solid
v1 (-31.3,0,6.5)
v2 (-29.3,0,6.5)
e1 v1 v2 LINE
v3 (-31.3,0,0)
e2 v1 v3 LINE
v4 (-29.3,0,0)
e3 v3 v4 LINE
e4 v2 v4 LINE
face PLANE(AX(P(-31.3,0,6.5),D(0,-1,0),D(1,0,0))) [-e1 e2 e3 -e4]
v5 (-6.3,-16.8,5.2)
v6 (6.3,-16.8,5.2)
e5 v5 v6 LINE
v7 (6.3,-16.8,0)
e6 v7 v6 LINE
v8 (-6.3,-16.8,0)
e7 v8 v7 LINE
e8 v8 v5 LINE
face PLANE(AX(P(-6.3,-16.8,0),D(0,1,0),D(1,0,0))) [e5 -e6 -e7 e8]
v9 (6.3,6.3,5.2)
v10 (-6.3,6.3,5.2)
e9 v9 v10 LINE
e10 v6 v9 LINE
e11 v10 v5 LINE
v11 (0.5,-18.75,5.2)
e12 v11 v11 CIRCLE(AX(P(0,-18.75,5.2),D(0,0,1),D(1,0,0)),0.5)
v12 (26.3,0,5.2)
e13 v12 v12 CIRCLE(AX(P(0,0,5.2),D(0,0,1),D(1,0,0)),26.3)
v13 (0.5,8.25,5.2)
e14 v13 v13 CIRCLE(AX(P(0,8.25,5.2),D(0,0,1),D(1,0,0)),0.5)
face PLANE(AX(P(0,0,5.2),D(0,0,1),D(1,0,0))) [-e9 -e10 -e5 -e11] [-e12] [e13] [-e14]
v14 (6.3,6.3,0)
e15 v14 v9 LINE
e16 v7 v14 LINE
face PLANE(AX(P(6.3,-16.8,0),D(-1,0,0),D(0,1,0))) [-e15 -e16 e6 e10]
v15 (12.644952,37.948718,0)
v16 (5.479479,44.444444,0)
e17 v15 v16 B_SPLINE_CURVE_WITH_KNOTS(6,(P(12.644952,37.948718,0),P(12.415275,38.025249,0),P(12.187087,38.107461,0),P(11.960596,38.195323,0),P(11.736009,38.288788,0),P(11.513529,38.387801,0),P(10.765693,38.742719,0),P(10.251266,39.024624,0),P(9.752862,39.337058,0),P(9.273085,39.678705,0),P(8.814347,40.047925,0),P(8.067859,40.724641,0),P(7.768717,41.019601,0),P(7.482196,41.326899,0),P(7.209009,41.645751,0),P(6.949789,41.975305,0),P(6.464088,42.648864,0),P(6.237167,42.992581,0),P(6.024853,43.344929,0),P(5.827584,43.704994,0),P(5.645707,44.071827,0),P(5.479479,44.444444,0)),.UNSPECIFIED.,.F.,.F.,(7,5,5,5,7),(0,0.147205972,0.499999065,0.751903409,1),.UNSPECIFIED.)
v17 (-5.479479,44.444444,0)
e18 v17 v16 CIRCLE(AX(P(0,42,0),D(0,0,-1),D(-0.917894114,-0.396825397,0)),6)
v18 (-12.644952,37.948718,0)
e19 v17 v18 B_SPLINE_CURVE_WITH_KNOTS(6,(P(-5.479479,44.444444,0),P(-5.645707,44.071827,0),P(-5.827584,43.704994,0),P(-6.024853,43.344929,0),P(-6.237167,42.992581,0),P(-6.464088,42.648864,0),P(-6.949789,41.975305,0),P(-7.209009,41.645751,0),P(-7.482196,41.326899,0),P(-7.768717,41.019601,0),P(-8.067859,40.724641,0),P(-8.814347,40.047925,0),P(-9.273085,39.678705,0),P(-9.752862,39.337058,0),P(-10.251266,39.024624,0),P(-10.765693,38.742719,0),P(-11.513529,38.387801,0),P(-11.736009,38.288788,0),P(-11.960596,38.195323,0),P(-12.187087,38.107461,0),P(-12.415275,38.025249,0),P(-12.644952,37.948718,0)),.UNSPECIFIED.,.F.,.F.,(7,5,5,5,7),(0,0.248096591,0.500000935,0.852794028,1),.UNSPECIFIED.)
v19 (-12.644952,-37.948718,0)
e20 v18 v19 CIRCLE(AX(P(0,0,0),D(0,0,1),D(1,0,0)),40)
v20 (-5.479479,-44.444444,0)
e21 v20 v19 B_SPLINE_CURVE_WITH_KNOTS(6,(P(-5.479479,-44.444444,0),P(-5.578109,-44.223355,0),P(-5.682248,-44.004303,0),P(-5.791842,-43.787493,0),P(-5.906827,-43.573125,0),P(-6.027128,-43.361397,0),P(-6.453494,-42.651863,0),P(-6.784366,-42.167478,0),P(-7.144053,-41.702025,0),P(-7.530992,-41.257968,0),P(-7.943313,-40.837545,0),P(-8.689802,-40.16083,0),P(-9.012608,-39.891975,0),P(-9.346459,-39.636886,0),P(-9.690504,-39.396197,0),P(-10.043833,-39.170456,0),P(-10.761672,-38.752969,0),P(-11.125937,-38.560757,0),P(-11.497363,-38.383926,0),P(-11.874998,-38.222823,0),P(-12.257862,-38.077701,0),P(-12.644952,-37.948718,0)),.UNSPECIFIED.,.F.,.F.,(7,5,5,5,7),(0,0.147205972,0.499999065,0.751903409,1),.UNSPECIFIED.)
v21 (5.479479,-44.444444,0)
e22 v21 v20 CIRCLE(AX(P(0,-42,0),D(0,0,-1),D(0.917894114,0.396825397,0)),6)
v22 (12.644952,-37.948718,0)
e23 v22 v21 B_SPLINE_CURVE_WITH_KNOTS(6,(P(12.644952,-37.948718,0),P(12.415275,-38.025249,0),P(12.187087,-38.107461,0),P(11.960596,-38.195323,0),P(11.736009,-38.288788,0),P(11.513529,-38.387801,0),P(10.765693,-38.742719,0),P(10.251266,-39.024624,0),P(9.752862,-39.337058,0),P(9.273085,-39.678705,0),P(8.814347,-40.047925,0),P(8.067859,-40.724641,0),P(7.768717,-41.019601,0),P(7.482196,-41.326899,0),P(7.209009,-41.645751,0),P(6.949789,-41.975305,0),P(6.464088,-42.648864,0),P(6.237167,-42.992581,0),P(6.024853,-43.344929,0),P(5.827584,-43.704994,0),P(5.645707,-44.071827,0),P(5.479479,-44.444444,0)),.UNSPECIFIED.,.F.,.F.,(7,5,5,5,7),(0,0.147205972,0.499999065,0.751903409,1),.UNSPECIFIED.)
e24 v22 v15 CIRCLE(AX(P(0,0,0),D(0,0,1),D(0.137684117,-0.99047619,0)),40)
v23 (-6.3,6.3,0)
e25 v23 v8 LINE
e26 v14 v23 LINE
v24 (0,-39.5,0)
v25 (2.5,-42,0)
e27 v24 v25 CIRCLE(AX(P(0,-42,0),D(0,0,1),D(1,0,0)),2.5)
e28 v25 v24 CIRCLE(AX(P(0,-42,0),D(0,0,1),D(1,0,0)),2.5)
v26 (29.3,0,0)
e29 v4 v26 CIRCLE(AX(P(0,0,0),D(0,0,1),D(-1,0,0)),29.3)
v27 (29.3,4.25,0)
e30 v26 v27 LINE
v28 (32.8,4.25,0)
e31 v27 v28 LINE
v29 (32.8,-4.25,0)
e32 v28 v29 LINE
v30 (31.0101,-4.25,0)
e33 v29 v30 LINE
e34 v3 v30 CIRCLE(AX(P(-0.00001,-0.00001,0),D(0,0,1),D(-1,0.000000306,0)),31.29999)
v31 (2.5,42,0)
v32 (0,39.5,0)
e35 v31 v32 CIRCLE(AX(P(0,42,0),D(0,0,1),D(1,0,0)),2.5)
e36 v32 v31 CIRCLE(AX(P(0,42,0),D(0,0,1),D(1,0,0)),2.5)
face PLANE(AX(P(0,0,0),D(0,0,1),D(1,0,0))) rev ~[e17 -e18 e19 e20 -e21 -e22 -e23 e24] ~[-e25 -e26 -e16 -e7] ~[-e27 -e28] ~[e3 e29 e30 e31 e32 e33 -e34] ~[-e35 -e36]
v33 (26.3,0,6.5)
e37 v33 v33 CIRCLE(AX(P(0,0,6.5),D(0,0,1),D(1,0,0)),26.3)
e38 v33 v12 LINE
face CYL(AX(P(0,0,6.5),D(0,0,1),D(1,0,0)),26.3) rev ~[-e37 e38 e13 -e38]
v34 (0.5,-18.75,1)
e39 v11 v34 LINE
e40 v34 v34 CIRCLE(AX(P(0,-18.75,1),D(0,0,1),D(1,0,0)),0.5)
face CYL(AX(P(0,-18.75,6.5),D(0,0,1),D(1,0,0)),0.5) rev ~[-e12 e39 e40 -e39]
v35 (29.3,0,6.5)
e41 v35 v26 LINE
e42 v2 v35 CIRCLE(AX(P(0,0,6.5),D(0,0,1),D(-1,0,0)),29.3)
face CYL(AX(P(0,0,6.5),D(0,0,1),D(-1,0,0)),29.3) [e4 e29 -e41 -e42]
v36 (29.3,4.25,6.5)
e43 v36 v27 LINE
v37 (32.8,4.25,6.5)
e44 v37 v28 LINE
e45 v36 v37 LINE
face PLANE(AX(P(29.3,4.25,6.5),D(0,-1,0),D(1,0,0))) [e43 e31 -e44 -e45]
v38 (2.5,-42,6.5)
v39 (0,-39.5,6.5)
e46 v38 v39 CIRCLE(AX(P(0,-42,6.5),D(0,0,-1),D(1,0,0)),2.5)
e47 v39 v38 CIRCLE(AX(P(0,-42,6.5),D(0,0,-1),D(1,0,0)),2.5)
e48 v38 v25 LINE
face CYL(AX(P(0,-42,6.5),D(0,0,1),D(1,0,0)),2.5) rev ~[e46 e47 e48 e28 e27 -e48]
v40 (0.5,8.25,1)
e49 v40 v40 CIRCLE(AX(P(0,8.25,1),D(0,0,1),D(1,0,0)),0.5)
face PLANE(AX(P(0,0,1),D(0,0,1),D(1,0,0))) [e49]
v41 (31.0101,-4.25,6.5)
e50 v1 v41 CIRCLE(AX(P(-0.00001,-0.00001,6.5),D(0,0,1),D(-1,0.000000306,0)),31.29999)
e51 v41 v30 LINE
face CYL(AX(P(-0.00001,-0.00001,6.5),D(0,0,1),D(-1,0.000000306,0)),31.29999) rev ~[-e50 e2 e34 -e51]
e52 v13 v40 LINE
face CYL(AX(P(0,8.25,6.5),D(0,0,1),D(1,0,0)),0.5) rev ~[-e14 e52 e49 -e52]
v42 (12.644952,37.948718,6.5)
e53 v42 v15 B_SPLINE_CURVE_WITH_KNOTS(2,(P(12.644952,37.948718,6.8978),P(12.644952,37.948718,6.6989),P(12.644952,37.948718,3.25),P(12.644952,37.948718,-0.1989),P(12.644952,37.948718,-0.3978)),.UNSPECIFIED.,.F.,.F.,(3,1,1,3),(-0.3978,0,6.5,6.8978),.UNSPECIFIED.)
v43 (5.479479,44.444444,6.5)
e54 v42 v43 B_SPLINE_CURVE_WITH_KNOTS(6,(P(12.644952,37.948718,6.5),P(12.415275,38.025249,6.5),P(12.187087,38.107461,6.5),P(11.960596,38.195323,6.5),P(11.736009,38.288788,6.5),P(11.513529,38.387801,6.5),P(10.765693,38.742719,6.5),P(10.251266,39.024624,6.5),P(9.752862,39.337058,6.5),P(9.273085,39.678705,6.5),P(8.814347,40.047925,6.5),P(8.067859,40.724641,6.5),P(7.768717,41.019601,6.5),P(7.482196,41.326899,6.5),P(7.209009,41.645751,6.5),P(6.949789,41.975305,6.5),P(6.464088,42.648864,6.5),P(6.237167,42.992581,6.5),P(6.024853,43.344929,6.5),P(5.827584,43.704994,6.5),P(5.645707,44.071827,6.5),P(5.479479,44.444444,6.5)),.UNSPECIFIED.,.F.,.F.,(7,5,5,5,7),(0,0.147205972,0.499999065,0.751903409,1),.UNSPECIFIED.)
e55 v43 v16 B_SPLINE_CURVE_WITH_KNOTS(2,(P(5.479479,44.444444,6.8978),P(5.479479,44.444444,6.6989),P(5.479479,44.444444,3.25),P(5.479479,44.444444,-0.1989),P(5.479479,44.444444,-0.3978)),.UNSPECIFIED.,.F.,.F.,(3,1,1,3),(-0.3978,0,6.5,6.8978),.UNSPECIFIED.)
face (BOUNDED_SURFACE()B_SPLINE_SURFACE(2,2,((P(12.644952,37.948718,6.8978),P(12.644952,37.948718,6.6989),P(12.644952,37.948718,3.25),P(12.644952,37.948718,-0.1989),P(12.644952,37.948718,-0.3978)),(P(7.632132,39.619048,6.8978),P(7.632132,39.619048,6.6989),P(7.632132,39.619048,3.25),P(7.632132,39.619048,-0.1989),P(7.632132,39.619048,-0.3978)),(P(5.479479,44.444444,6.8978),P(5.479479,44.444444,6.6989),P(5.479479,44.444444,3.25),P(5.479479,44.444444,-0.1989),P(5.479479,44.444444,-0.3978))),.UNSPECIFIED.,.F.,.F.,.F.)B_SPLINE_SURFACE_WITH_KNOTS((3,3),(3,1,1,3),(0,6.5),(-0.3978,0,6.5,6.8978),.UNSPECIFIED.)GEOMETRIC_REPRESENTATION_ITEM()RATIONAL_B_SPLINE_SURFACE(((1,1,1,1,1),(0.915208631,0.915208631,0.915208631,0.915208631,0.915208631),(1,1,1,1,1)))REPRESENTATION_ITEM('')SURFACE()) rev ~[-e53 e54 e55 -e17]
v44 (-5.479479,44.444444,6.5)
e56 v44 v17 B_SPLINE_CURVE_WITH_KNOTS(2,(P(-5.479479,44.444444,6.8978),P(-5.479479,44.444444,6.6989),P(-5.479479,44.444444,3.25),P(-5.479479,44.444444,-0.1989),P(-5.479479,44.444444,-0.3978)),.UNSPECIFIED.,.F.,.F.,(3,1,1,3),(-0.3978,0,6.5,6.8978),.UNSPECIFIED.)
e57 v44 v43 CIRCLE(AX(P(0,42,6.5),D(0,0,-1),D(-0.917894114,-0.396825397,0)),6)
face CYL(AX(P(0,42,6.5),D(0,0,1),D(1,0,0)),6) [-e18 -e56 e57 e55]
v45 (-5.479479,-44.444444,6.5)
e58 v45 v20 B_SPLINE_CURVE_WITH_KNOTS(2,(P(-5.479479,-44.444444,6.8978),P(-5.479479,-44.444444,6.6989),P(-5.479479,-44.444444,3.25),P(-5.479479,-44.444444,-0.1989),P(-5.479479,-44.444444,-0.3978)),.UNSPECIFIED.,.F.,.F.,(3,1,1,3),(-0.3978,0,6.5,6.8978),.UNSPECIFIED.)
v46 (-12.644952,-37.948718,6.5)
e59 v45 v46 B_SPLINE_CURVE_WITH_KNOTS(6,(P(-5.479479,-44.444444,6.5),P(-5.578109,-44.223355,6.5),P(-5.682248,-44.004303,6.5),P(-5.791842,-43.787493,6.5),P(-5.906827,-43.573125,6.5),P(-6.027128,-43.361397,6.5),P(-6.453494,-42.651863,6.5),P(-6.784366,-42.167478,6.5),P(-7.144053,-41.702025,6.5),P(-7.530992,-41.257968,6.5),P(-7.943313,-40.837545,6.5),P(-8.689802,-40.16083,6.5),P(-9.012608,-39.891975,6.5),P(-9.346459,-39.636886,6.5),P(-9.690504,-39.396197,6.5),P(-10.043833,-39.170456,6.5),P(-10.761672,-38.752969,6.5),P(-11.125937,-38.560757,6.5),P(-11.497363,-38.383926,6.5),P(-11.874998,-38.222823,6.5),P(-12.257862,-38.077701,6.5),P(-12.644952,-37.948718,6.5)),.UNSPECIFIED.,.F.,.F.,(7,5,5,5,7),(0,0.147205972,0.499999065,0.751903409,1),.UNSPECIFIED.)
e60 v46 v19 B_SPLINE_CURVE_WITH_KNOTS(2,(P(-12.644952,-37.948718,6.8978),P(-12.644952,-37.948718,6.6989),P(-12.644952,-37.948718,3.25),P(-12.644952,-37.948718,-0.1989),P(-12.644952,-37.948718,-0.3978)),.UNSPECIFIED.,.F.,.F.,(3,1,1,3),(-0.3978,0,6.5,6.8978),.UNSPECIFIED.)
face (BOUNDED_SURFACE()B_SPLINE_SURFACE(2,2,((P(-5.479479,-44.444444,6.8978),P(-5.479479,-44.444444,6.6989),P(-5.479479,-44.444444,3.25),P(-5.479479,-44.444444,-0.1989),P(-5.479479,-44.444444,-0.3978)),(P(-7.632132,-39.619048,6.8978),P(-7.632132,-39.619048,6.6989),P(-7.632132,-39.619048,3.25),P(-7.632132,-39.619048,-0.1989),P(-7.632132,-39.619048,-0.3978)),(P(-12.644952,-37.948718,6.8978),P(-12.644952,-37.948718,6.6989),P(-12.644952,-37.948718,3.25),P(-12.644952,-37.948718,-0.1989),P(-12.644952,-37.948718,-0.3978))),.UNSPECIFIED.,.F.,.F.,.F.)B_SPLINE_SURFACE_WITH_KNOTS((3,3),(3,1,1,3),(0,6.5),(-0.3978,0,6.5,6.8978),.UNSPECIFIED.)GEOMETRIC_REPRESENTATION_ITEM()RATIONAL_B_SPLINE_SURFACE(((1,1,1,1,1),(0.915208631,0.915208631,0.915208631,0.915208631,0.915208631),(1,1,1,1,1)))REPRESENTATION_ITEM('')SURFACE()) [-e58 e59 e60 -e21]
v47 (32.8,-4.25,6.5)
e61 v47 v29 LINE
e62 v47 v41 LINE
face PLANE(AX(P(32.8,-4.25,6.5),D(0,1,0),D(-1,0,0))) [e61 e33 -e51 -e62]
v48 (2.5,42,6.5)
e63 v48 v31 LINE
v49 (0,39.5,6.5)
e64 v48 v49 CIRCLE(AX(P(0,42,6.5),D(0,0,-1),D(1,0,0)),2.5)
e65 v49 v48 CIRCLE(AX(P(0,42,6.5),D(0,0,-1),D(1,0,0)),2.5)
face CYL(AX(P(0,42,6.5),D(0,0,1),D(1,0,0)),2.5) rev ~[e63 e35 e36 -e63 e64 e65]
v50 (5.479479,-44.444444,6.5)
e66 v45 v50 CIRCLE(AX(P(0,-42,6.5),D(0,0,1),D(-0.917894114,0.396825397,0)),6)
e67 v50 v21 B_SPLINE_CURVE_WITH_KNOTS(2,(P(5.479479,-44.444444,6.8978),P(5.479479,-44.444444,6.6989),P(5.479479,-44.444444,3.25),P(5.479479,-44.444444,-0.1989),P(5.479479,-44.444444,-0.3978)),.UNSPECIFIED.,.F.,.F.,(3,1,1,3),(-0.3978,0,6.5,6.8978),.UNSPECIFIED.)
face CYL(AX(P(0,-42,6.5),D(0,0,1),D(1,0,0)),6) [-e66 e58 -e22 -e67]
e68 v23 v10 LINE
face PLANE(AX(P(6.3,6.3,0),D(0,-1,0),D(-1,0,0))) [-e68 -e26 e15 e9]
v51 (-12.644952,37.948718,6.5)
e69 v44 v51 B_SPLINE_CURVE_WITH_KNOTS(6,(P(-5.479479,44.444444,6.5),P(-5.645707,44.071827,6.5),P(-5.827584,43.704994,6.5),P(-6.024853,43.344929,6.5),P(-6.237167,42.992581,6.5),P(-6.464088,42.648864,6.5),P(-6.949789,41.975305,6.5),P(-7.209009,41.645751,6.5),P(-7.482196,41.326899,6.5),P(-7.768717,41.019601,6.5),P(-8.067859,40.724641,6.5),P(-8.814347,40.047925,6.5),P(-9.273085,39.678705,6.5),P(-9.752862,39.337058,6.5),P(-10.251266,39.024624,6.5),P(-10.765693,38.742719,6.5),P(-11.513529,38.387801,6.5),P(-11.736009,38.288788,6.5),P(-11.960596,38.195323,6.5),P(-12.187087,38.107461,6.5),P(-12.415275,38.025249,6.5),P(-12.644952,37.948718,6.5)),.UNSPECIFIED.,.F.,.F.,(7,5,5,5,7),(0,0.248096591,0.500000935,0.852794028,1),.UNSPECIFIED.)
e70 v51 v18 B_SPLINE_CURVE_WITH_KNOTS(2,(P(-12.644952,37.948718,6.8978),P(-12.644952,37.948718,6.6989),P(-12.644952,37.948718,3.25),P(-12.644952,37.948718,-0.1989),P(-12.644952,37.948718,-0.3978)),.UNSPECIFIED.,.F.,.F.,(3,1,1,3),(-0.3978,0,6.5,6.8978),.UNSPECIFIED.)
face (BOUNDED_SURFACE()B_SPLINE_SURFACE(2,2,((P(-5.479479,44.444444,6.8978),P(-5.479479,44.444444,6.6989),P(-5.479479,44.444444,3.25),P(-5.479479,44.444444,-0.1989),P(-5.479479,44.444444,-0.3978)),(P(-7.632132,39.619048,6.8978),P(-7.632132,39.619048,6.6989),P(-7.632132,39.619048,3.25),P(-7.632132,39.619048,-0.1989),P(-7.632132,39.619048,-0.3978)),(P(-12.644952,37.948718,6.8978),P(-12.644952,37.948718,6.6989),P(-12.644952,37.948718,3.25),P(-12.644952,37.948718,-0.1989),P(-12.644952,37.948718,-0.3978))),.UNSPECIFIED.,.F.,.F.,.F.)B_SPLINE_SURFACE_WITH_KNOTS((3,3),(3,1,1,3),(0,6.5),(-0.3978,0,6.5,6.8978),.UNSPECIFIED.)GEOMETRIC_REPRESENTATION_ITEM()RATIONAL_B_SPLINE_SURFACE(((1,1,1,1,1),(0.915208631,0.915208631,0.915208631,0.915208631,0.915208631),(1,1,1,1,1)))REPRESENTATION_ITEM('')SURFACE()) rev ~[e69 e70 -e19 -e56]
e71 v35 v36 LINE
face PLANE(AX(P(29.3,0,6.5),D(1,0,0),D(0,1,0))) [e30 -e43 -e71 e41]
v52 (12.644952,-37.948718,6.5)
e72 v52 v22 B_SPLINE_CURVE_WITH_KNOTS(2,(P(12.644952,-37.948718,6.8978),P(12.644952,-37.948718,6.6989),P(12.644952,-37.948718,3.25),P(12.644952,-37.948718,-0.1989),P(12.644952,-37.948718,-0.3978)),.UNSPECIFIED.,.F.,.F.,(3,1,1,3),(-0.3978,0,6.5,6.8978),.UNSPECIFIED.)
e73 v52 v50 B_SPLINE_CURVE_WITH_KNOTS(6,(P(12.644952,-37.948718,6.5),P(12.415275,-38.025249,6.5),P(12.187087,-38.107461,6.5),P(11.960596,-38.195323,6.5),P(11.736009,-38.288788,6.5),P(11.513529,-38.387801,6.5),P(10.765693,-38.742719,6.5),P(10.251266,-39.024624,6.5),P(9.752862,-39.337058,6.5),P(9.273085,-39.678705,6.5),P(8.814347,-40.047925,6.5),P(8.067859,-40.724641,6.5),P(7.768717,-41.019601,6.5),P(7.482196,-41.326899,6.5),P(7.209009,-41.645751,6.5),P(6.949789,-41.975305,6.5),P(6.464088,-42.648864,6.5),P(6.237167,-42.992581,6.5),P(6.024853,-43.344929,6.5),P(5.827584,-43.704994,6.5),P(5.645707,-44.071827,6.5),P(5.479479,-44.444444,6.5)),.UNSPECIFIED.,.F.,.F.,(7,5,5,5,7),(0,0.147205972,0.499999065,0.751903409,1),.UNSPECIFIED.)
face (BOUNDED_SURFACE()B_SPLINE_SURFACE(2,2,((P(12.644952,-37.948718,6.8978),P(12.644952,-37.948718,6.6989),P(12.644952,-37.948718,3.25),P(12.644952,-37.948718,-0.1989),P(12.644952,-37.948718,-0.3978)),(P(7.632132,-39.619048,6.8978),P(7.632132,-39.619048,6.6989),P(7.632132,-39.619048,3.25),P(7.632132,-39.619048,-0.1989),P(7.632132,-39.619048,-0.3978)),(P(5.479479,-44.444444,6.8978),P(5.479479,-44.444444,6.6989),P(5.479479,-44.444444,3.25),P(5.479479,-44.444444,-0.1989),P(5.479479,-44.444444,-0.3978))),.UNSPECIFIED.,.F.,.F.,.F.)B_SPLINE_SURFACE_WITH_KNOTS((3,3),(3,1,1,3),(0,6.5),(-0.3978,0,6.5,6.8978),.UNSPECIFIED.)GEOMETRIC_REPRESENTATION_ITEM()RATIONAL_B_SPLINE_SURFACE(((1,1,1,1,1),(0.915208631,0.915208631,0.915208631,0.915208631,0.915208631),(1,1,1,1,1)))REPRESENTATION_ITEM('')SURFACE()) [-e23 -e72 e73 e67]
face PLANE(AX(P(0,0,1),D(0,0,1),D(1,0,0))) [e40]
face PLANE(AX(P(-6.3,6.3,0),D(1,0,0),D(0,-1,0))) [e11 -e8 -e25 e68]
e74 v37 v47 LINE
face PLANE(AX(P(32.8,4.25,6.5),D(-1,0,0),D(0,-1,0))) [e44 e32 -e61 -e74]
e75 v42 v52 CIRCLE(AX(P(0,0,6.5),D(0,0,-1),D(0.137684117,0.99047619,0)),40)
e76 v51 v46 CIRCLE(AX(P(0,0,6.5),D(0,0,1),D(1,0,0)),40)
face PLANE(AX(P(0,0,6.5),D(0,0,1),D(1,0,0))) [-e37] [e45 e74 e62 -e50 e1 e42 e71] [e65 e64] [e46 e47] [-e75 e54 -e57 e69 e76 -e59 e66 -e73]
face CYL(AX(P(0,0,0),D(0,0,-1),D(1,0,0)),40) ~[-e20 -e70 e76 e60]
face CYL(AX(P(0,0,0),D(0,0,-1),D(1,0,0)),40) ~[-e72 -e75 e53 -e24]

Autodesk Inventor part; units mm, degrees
ref_plane "YZ Plane" through (0, 0, 0) normal (1, 0, 0) x (0, 1, 0)
ref_plane "XZ Plane" through (0, 0, 0) normal (0, 1, 0) x (-1, 0, 0)
ref_plane "XY Plane" through (0, 0, 0) normal (0, 0, 1) x (1, 0, 0)
sketch "Sketch2" plane through (0, 0, 0) normal (0, 0, 1) x (1, 0, 0)
  line L0 (0, 0) -> (0, 6)
  line L1 (0, 6) -> (-6, 6)
  line L2 (-6, 6) -> (6, 6)
  line L3 (6, 6) -> (6, -16.5)
  line L4 (6, -16.5) -> (-6, -16.5)
  line L5 (-6, -16.5) -> (-6, 6)
  circle A0 centre (0, 0) radius 40
  line L6 (6.3, 6.3) -> (-6.3, 6.3)
  line L7 (-6.3, 6.3) -> (-6.3, -16.8)
  line L8 (-6.3, -16.8) -> (6.3, -16.8)
  line L9 (6.3, -16.8) -> (6.3, 6.3)
  dimension "d15" = 6
  dimension "d16" = 6
  dimension "d17" = 12
  dimension "d18" = 22.5
  dimension "d19" = 80
  dimension "d20" = 0.3
extrude "Extrusion4" add sketch "Sketch2" along normal blind 6.5 contours A0
sketch "Sketch3" plane through (0, 0, 6.5) normal (0, 0, 1) x (1, 0, 0)
  line L0 (-6.3, 6.3) -> (6.3, 6.3) projected
  line L1 (0, 6.3) -> (0, 8.25)
  circle A0 centre (0, 8.25) radius 0.5
  line L2 (6.3, -16.8) -> (-6.3, -16.8) projected
  line L3 (0, -16.8) -> (0, -18.75)
  circle A1 centre (0, -18.75) radius 0.5
  point P0 (0, 0)
  dimension "d23" = 1.95
  dimension "d24" = 1
  dimension "d25" = 1.95
  dimension "d26" = 1
extrude "Extrusion5" cut sketch "Sketch3" against normal blind 5.5
sketch "Sketch5" plane through (0, 0, 6.5) normal (0, 0, 1) x (1, 0, 0)
  circle A0 centre (0, 0) radius 40 projected
sketch "Sketch6" plane through (0, 0, 6.5) normal (0, 0, 1) x (1, 0, 0)
  line L0 (0, 0) -> (0, -42)
  line L1 (0, -42) -> (0, 42)
  circle A0 centre (0, 42) radius 2.5
  circle A1 centre (0, 42) radius 6
  circle A2 centre (0, -42) radius 2.5
  circle A3 centre (0, -42) radius 6
  dimension "d46" = 42
  dimension "d47" = 84
  dimension "d48" = 5
  dimension "d49" = 12
  dimension "d50" = 5
  dimension "d51" = 12
extrude "Extrusion9" add sketch "Sketch6" against normal blind 6.5 contours A2 | A3 | A0 | A1
extrude "Extrusion10" cut sketch "Sketch6" against normal blind 6.5 contours A2 | A0
fillet "Fillet2" radius 12 4 edges at (5.5074, -39.619, 3.25) (-5.5074, -39.619, 3.25) (5.5074, 39.619, 3.25) (-5.5074, 39.619, 3.25)
sketch "Sketch8" plane through (0, 0, 6.5) normal (0, 0, 1) x (1, 0, 0)
  circle A0 centre (0, 0) radius 26.3
  dimension "d58" = 52.6
extrude "Extrusion11" cut sketch "Sketch8" against normal blind 1.3
sketch "Sketch9" plane through (0, 0, 6.5) normal (0, 0, 1) x (1, 0, 0)
  arc A0 (-29.3, 0) -> (29.3, 0) centre (0, 0) ccw
  arc A1 (-31.3, 0) -> (31.0101, -4.25) centre (0, 0) ccw
  line L0 (29.3, 0) -> (29.3, 4.25)
  line L1 (29.3, 4.25) -> (32.8, 4.25)
  line L2 (32.8, 4.25) -> (32.8, -4.25)
  line L3 (32.8, -4.25) -> (31.0101, -4.25)
  line L4 (-31.3, 0) -> (-29.3, 0)
  dimension "d61" = 29.3
  dimension "d62" = 31.3
  dimension "d63" = 4.25
  dimension "d64" = 3.5
  dimension "d65" = 8.5
extrude "Extrusion12" cut sketch "Sketch9" against normal blind 10
properties part number "Onderste plaat bevestiging axiale lager" material "S235"
